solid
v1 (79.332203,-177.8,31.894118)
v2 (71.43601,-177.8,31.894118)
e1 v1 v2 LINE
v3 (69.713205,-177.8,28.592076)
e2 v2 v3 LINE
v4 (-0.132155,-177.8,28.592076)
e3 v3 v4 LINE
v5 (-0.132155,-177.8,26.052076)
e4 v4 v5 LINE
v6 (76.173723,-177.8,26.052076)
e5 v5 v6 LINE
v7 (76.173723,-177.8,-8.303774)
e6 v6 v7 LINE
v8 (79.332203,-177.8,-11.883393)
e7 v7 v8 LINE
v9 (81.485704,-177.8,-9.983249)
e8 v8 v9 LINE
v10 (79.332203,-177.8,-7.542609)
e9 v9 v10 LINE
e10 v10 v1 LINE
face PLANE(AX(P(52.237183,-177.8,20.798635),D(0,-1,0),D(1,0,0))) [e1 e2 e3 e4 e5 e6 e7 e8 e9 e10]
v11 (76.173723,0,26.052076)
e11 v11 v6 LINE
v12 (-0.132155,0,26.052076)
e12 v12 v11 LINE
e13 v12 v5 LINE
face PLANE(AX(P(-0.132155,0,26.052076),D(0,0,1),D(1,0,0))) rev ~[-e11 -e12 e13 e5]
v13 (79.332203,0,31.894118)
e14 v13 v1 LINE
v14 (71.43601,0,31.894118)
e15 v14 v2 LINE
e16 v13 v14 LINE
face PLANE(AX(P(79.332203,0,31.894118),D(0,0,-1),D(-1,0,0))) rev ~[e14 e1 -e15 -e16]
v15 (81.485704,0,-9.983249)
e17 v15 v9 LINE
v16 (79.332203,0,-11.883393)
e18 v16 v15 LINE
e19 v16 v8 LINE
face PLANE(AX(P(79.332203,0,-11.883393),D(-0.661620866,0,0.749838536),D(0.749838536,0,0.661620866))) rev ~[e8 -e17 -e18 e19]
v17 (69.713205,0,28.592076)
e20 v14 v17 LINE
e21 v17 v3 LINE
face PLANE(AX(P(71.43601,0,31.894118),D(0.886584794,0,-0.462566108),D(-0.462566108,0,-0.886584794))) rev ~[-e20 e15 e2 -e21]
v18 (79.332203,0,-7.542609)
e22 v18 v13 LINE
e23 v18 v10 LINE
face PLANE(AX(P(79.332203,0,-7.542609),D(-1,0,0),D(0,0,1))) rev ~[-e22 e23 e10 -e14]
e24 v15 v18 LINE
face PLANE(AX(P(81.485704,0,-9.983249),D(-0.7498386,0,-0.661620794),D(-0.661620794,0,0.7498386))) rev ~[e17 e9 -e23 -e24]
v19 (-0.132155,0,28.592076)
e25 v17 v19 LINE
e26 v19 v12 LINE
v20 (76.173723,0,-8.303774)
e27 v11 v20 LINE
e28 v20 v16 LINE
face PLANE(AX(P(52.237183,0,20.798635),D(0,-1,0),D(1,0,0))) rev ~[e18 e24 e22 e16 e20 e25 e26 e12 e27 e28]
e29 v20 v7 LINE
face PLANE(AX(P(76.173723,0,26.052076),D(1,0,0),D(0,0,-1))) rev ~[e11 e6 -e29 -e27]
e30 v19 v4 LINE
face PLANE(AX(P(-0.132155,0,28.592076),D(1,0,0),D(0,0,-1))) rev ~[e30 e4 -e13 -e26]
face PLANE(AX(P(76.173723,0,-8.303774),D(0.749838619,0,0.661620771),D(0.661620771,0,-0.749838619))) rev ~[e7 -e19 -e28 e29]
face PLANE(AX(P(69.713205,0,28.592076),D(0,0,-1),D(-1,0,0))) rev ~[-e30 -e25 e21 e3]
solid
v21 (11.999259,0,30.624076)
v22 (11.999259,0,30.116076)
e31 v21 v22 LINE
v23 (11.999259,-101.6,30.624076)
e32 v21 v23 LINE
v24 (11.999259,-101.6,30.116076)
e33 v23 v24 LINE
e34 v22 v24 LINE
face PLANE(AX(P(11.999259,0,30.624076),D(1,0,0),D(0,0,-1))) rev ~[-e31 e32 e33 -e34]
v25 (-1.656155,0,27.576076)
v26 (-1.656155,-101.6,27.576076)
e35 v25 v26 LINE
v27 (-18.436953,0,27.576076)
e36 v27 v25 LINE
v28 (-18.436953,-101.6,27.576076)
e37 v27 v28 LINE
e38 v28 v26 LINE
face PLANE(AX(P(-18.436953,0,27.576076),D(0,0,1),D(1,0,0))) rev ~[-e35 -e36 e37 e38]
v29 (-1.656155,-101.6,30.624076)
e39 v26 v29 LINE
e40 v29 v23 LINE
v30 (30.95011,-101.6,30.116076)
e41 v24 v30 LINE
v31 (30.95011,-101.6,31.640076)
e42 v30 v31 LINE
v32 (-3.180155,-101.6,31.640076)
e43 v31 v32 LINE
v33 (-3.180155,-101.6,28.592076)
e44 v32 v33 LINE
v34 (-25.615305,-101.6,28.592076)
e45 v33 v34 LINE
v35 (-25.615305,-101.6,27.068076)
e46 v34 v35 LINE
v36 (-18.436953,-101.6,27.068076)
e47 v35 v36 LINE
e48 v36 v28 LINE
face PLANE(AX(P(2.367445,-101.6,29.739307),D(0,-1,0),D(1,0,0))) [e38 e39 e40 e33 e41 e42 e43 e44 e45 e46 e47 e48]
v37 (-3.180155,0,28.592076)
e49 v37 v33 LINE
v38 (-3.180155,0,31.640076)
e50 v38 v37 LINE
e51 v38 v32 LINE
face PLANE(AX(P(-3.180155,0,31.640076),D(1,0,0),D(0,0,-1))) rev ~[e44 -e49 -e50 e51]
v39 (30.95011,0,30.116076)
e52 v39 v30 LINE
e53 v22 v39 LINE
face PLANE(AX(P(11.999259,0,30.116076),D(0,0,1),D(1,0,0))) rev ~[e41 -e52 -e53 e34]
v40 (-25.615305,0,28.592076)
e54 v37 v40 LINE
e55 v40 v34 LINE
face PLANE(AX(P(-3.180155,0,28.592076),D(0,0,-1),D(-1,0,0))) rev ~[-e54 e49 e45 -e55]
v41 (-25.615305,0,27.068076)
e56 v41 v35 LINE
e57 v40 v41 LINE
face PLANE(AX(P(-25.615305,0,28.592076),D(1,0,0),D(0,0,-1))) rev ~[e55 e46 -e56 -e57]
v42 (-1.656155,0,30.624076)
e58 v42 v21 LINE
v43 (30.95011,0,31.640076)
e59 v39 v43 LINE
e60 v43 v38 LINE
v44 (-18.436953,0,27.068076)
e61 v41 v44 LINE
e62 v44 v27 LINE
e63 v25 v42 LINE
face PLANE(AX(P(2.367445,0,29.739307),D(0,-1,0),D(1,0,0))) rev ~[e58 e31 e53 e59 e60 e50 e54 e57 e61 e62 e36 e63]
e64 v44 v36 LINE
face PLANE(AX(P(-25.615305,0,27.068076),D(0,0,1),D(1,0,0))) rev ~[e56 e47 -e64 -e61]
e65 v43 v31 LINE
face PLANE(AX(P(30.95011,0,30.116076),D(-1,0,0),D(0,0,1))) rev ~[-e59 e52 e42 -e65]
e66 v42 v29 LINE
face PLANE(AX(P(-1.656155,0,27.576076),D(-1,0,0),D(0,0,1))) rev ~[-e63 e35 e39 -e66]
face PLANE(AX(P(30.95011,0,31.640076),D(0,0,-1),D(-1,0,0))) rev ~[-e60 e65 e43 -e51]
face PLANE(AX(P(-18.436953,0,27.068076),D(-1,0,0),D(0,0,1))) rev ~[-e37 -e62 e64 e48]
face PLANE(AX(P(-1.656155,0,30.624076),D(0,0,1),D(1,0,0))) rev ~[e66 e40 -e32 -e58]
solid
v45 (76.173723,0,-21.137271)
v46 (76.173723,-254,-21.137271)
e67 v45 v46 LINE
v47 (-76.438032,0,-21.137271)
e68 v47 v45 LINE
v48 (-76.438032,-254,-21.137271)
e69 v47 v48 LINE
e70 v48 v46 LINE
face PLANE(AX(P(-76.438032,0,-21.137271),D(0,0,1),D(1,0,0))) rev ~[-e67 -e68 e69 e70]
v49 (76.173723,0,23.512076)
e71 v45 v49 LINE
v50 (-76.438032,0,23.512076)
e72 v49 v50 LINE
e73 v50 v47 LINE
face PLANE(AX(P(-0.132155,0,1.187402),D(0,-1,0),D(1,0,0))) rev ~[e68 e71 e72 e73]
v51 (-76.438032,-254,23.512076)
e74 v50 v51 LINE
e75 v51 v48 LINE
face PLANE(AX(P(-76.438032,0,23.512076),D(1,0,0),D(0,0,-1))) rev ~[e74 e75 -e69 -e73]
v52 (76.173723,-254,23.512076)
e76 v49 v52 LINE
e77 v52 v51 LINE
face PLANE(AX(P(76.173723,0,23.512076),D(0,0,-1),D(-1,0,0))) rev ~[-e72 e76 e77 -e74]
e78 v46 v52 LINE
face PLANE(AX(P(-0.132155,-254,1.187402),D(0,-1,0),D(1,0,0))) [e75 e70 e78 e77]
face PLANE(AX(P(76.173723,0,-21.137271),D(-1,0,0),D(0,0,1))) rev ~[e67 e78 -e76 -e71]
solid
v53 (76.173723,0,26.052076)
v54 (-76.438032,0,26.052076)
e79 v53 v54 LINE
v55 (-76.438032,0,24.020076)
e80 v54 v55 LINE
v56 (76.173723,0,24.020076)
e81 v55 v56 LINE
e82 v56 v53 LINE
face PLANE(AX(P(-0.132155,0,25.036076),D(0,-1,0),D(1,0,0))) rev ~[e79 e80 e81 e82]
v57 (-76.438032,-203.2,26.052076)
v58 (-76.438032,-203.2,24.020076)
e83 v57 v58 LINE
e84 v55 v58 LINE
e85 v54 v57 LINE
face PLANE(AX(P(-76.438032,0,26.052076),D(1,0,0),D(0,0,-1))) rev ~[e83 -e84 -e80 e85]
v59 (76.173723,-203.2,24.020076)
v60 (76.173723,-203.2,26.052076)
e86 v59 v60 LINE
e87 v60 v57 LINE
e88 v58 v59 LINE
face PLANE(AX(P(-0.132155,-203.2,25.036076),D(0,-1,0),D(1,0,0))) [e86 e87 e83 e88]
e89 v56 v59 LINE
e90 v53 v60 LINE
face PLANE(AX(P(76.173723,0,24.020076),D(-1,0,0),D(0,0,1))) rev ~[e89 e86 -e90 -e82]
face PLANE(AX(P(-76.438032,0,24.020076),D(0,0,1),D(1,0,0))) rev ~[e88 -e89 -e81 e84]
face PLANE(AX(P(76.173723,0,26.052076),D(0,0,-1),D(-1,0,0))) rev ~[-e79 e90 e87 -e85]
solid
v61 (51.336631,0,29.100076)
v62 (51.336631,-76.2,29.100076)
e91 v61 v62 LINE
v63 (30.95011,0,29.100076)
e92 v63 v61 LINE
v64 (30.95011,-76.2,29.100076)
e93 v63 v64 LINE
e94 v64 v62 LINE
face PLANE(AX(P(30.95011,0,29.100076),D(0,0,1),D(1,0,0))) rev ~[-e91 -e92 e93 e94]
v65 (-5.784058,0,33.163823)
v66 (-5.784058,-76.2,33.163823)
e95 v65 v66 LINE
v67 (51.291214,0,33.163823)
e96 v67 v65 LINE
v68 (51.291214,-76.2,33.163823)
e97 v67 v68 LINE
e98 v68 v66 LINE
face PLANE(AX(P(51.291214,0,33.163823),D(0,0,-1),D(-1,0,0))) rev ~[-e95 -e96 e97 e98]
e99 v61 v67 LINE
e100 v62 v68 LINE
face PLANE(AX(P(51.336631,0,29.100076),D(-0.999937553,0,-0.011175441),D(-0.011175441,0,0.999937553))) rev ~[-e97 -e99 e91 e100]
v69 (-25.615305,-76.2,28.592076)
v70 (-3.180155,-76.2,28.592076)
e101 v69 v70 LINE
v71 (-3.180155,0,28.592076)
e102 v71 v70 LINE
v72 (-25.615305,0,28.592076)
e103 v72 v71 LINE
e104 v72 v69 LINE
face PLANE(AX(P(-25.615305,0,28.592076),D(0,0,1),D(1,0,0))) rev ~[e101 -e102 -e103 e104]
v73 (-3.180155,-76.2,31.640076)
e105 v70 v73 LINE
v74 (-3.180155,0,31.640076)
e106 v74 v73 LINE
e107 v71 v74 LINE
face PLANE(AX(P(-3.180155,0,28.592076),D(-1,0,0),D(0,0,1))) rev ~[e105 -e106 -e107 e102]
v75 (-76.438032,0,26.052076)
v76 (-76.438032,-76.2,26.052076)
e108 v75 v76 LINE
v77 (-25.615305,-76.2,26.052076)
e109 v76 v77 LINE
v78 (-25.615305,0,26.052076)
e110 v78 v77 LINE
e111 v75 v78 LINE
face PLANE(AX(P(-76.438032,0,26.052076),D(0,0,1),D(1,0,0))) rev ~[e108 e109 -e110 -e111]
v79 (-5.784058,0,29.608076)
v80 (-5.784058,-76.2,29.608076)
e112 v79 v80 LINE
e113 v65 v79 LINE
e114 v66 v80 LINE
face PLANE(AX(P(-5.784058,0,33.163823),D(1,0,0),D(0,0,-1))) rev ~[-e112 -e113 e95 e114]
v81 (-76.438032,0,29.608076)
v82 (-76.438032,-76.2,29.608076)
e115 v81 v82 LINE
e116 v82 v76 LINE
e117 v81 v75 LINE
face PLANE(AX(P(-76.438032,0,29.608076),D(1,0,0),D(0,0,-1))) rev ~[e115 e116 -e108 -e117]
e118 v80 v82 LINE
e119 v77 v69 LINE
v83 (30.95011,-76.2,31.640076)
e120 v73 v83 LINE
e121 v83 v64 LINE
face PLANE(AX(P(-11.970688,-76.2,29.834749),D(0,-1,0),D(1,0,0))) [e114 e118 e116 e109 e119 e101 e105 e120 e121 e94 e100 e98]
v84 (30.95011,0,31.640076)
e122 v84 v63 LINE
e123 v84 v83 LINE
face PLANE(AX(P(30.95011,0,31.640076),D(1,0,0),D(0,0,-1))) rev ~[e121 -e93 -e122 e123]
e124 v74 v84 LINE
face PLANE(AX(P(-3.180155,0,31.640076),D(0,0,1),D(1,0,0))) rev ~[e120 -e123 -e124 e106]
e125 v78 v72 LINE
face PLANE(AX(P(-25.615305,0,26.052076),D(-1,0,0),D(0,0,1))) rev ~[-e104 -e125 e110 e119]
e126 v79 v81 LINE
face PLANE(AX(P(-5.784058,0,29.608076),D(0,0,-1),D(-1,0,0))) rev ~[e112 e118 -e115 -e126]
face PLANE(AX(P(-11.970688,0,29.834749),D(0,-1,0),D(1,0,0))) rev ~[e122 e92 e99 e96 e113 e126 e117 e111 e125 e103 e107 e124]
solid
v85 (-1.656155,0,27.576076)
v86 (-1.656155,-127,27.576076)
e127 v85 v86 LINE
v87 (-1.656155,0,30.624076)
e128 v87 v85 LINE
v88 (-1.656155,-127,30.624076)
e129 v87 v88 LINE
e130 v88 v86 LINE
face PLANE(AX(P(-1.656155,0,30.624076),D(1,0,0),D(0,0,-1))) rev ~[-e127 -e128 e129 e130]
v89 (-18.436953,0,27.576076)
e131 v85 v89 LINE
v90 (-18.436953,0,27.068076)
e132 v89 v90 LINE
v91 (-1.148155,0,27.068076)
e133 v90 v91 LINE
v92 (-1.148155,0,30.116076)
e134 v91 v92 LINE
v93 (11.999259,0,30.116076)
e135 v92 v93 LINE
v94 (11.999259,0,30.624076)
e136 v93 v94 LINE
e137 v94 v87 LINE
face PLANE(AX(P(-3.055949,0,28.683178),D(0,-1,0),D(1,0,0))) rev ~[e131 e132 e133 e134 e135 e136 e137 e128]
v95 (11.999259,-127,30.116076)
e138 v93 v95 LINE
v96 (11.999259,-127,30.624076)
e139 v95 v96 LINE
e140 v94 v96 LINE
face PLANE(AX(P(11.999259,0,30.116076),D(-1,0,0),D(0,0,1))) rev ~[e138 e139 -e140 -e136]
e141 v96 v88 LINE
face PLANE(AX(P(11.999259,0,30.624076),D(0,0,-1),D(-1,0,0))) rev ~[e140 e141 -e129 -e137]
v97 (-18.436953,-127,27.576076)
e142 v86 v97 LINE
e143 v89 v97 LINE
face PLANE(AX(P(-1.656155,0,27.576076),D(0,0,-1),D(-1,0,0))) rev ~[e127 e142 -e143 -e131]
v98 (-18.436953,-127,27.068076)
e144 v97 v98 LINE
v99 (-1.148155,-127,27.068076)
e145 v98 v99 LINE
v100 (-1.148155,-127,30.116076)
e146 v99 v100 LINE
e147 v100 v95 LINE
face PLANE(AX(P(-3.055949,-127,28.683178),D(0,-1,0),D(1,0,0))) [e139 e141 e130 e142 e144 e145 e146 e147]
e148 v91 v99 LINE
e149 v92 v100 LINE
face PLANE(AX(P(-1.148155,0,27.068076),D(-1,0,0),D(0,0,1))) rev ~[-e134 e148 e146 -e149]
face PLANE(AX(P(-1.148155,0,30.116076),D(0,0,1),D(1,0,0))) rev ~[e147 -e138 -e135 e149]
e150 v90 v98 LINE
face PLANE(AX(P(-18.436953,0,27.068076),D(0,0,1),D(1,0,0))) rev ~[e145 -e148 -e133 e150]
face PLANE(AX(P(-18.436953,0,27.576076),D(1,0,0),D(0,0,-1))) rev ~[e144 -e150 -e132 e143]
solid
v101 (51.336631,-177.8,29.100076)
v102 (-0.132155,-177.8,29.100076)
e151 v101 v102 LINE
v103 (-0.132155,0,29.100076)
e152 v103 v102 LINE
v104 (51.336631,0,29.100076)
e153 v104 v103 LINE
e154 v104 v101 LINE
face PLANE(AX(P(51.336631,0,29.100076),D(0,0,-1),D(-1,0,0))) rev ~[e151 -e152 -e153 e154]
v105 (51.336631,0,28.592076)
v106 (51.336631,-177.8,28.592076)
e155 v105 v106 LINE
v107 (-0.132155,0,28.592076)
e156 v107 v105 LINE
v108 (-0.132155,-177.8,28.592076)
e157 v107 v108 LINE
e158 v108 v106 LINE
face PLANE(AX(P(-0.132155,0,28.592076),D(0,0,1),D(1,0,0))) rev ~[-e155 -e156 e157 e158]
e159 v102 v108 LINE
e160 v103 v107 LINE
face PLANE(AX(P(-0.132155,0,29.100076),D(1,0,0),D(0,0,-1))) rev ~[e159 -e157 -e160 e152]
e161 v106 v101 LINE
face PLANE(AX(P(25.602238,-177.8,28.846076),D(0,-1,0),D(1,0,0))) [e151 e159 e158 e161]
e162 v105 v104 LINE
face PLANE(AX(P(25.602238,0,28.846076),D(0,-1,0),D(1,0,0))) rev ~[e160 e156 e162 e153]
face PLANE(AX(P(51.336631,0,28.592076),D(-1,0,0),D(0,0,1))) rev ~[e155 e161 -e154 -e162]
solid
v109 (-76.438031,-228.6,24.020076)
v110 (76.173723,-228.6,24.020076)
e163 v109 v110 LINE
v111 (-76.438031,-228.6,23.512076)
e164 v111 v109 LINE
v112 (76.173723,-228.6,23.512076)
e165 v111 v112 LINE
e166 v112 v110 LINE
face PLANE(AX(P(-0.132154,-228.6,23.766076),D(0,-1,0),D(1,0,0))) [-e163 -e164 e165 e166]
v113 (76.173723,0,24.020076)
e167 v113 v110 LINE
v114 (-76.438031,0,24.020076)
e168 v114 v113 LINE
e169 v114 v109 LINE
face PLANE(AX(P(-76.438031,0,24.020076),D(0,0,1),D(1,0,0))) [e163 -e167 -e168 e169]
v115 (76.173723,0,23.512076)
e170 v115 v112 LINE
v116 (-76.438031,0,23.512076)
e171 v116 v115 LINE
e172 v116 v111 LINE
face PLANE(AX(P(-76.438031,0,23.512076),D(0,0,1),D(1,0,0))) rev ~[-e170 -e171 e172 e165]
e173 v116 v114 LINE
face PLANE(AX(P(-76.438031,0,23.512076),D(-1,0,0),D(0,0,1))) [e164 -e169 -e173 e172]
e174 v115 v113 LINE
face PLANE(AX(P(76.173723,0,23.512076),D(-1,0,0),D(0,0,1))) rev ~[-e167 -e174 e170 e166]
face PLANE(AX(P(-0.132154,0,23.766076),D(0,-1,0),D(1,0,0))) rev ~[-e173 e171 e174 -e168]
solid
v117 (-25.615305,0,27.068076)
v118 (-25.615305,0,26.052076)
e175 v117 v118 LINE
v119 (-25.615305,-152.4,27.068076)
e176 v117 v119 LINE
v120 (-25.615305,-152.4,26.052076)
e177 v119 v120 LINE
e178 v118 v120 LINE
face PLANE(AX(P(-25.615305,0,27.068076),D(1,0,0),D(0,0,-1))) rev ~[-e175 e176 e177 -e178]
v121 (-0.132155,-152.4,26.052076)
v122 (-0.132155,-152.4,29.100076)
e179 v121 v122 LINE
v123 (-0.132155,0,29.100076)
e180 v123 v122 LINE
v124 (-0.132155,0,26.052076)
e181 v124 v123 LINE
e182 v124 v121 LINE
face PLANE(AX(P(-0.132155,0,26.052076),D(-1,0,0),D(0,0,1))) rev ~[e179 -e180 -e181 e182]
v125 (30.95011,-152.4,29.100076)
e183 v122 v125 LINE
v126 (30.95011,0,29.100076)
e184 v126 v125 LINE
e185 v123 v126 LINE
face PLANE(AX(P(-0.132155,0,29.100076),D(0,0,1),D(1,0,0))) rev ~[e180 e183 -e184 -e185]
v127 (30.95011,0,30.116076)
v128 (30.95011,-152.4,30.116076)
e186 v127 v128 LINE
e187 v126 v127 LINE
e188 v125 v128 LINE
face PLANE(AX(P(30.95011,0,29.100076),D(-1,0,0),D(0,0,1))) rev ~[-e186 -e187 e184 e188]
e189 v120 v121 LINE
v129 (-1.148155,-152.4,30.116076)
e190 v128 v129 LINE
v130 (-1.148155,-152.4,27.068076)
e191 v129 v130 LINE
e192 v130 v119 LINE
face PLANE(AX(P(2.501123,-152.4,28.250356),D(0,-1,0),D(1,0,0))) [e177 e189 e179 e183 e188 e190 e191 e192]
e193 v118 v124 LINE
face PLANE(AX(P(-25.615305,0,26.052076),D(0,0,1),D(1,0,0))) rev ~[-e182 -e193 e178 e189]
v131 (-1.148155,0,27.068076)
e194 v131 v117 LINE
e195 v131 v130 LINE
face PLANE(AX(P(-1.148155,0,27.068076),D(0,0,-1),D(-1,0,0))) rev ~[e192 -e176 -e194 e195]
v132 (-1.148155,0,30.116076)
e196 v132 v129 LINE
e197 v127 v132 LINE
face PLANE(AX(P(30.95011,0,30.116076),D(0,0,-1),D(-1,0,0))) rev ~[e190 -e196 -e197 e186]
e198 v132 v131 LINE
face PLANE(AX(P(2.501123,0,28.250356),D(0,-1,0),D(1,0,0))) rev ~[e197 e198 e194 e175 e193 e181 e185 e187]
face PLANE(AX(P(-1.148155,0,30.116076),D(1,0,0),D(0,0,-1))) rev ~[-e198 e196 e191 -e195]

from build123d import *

# Parameters (mm, degrees)
F1_DEPTH = 254
F0_W     = 152.611755
F0_H     = 0.508
F2_DEPTH = 228.6
F3_DEPTH = 203.2
F4_DEPTH = 177.8
F5_DEPTH = 177.8
F6_DEPTH = 152.4
F7_DEPTH = 127
F8_DEPTH = 101.6
F9_DEPTH = 76.2


with BuildPart() as f1:
    # F0 (on Front) → F1 (new body)
    with BuildSketch(Plane.XZ):
        Polygon((76.173723, 23.512076), (-76.438032, 23.512076), (-76.438032, -21.137271), (76.173723, -21.137271), (76.173723, -8.303774), align=None)
    extrude(amount=F1_DEPTH)


with BuildPart() as f2:
    # F0 (on Front) → F2 (new body)
    with BuildSketch(Plane.XZ):
        with Locations((-0.132154, 23.766076)):
            Rectangle(F0_W, F0_H)
    extrude(amount=F2_DEPTH)


with BuildPart() as f3:
    # F0 (on Front) → F3 (new body)
    with BuildSketch(Plane.XZ):
        Polygon((-76.438032, 26.052076), (-76.438032, 24.020076), (76.173723, 24.020076), (76.173723, 26.052076), (-0.132155, 26.052076), (-25.615305, 26.052076), align=None)
    extrude(amount=F3_DEPTH)


with BuildPart() as f4:
    # F0 (on Front) → F4 (new body)
    with BuildSketch(Plane.XZ):
        Polygon((76.173723, 24.020076), (76.173723, 23.512076), (76.173723, -8.303774), (79.332203, -11.883393), (81.485704, -9.983249), (79.332203, -7.542609), (79.332203, 31.894118), (71.43601, 31.894118), (69.713205, 28.592076), (51.336631, 28.592076), (-0.132155, 28.592076), (-0.132155, 26.052076), (76.173723, 26.052076), align=None)
    extrude(amount=F4_DEPTH)


with BuildPart() as f5:
    # F0 (on Front) → F5 (new body)
    with BuildSketch(Plane.XZ):
        Polygon((-0.132155, 29.100076), (-0.132155, 28.592076), (51.336631, 28.592076), (51.336631, 29.100076), (30.95011, 29.100076), align=None)
    extrude(amount=F5_DEPTH)


with BuildPart() as f6:
    # F0 (on Front) → F6 (new body)
    with BuildSketch(Plane.XZ):
        Polygon((-25.615305, 27.068076), (-25.615305, 26.052076), (-0.132155, 26.052076), (-0.132155, 28.592076), (-0.132155, 29.100076), (30.95011, 29.100076), (30.95011, 30.116076), (11.999259, 30.116076), (-1.148155, 30.116076), (-1.148155, 27.068076), (-18.436953, 27.068076), align=None)
    extrude(amount=F6_DEPTH)


with BuildPart() as f7:
    # F0 (on Front) → F7 (new body)
    with BuildSketch(Plane.XZ):
        Polygon((-18.436953, 27.576076), (-18.436953, 27.068076), (-1.148155, 27.068076), (-1.148155, 30.116076), (11.999259, 30.116076), (11.999259, 30.624076), (-1.656155, 30.624076), (-1.656155, 27.576076), align=None)
    extrude(amount=F7_DEPTH)


with BuildPart() as f8:
    # F0 (on Front) → F8 (new body)
    with BuildSketch(Plane.XZ):
        Polygon((-25.615305, 28.592076), (-25.615305, 27.068076), (-18.436953, 27.068076), (-18.436953, 27.576076), (-1.656155, 27.576076), (-1.656155, 30.624076), (11.999259, 30.624076), (11.999259, 30.116076), (30.95011, 30.116076), (30.95011, 31.640076), (-3.180155, 31.640076), (-3.180155, 28.592076), align=None)
    extrude(amount=F8_DEPTH)


with BuildPart() as f9:
    # F0 (on Front) → F9 (new body)
    with BuildSketch(Plane.XZ):
        Polygon((-76.438032, 29.608076), (-76.438032, 26.052076), (-25.615305, 26.052076), (-25.615305, 27.068076), (-25.615305, 28.592076), (-3.180155, 28.592076), (-3.180155, 31.640076), (30.95011, 31.640076), (30.95011, 30.116076), (30.95011, 29.100076), (51.336631, 29.100076), (51.291214, 33.163823), (-5.784058, 33.163823), (-5.784058, 29.608076), align=None)
    extrude(amount=F9_DEPTH)


solid = Compound([f1.part, f2.part, f3.part, f4.part, f5.part, f6.part, f7.part, f8.part, f9.part])
